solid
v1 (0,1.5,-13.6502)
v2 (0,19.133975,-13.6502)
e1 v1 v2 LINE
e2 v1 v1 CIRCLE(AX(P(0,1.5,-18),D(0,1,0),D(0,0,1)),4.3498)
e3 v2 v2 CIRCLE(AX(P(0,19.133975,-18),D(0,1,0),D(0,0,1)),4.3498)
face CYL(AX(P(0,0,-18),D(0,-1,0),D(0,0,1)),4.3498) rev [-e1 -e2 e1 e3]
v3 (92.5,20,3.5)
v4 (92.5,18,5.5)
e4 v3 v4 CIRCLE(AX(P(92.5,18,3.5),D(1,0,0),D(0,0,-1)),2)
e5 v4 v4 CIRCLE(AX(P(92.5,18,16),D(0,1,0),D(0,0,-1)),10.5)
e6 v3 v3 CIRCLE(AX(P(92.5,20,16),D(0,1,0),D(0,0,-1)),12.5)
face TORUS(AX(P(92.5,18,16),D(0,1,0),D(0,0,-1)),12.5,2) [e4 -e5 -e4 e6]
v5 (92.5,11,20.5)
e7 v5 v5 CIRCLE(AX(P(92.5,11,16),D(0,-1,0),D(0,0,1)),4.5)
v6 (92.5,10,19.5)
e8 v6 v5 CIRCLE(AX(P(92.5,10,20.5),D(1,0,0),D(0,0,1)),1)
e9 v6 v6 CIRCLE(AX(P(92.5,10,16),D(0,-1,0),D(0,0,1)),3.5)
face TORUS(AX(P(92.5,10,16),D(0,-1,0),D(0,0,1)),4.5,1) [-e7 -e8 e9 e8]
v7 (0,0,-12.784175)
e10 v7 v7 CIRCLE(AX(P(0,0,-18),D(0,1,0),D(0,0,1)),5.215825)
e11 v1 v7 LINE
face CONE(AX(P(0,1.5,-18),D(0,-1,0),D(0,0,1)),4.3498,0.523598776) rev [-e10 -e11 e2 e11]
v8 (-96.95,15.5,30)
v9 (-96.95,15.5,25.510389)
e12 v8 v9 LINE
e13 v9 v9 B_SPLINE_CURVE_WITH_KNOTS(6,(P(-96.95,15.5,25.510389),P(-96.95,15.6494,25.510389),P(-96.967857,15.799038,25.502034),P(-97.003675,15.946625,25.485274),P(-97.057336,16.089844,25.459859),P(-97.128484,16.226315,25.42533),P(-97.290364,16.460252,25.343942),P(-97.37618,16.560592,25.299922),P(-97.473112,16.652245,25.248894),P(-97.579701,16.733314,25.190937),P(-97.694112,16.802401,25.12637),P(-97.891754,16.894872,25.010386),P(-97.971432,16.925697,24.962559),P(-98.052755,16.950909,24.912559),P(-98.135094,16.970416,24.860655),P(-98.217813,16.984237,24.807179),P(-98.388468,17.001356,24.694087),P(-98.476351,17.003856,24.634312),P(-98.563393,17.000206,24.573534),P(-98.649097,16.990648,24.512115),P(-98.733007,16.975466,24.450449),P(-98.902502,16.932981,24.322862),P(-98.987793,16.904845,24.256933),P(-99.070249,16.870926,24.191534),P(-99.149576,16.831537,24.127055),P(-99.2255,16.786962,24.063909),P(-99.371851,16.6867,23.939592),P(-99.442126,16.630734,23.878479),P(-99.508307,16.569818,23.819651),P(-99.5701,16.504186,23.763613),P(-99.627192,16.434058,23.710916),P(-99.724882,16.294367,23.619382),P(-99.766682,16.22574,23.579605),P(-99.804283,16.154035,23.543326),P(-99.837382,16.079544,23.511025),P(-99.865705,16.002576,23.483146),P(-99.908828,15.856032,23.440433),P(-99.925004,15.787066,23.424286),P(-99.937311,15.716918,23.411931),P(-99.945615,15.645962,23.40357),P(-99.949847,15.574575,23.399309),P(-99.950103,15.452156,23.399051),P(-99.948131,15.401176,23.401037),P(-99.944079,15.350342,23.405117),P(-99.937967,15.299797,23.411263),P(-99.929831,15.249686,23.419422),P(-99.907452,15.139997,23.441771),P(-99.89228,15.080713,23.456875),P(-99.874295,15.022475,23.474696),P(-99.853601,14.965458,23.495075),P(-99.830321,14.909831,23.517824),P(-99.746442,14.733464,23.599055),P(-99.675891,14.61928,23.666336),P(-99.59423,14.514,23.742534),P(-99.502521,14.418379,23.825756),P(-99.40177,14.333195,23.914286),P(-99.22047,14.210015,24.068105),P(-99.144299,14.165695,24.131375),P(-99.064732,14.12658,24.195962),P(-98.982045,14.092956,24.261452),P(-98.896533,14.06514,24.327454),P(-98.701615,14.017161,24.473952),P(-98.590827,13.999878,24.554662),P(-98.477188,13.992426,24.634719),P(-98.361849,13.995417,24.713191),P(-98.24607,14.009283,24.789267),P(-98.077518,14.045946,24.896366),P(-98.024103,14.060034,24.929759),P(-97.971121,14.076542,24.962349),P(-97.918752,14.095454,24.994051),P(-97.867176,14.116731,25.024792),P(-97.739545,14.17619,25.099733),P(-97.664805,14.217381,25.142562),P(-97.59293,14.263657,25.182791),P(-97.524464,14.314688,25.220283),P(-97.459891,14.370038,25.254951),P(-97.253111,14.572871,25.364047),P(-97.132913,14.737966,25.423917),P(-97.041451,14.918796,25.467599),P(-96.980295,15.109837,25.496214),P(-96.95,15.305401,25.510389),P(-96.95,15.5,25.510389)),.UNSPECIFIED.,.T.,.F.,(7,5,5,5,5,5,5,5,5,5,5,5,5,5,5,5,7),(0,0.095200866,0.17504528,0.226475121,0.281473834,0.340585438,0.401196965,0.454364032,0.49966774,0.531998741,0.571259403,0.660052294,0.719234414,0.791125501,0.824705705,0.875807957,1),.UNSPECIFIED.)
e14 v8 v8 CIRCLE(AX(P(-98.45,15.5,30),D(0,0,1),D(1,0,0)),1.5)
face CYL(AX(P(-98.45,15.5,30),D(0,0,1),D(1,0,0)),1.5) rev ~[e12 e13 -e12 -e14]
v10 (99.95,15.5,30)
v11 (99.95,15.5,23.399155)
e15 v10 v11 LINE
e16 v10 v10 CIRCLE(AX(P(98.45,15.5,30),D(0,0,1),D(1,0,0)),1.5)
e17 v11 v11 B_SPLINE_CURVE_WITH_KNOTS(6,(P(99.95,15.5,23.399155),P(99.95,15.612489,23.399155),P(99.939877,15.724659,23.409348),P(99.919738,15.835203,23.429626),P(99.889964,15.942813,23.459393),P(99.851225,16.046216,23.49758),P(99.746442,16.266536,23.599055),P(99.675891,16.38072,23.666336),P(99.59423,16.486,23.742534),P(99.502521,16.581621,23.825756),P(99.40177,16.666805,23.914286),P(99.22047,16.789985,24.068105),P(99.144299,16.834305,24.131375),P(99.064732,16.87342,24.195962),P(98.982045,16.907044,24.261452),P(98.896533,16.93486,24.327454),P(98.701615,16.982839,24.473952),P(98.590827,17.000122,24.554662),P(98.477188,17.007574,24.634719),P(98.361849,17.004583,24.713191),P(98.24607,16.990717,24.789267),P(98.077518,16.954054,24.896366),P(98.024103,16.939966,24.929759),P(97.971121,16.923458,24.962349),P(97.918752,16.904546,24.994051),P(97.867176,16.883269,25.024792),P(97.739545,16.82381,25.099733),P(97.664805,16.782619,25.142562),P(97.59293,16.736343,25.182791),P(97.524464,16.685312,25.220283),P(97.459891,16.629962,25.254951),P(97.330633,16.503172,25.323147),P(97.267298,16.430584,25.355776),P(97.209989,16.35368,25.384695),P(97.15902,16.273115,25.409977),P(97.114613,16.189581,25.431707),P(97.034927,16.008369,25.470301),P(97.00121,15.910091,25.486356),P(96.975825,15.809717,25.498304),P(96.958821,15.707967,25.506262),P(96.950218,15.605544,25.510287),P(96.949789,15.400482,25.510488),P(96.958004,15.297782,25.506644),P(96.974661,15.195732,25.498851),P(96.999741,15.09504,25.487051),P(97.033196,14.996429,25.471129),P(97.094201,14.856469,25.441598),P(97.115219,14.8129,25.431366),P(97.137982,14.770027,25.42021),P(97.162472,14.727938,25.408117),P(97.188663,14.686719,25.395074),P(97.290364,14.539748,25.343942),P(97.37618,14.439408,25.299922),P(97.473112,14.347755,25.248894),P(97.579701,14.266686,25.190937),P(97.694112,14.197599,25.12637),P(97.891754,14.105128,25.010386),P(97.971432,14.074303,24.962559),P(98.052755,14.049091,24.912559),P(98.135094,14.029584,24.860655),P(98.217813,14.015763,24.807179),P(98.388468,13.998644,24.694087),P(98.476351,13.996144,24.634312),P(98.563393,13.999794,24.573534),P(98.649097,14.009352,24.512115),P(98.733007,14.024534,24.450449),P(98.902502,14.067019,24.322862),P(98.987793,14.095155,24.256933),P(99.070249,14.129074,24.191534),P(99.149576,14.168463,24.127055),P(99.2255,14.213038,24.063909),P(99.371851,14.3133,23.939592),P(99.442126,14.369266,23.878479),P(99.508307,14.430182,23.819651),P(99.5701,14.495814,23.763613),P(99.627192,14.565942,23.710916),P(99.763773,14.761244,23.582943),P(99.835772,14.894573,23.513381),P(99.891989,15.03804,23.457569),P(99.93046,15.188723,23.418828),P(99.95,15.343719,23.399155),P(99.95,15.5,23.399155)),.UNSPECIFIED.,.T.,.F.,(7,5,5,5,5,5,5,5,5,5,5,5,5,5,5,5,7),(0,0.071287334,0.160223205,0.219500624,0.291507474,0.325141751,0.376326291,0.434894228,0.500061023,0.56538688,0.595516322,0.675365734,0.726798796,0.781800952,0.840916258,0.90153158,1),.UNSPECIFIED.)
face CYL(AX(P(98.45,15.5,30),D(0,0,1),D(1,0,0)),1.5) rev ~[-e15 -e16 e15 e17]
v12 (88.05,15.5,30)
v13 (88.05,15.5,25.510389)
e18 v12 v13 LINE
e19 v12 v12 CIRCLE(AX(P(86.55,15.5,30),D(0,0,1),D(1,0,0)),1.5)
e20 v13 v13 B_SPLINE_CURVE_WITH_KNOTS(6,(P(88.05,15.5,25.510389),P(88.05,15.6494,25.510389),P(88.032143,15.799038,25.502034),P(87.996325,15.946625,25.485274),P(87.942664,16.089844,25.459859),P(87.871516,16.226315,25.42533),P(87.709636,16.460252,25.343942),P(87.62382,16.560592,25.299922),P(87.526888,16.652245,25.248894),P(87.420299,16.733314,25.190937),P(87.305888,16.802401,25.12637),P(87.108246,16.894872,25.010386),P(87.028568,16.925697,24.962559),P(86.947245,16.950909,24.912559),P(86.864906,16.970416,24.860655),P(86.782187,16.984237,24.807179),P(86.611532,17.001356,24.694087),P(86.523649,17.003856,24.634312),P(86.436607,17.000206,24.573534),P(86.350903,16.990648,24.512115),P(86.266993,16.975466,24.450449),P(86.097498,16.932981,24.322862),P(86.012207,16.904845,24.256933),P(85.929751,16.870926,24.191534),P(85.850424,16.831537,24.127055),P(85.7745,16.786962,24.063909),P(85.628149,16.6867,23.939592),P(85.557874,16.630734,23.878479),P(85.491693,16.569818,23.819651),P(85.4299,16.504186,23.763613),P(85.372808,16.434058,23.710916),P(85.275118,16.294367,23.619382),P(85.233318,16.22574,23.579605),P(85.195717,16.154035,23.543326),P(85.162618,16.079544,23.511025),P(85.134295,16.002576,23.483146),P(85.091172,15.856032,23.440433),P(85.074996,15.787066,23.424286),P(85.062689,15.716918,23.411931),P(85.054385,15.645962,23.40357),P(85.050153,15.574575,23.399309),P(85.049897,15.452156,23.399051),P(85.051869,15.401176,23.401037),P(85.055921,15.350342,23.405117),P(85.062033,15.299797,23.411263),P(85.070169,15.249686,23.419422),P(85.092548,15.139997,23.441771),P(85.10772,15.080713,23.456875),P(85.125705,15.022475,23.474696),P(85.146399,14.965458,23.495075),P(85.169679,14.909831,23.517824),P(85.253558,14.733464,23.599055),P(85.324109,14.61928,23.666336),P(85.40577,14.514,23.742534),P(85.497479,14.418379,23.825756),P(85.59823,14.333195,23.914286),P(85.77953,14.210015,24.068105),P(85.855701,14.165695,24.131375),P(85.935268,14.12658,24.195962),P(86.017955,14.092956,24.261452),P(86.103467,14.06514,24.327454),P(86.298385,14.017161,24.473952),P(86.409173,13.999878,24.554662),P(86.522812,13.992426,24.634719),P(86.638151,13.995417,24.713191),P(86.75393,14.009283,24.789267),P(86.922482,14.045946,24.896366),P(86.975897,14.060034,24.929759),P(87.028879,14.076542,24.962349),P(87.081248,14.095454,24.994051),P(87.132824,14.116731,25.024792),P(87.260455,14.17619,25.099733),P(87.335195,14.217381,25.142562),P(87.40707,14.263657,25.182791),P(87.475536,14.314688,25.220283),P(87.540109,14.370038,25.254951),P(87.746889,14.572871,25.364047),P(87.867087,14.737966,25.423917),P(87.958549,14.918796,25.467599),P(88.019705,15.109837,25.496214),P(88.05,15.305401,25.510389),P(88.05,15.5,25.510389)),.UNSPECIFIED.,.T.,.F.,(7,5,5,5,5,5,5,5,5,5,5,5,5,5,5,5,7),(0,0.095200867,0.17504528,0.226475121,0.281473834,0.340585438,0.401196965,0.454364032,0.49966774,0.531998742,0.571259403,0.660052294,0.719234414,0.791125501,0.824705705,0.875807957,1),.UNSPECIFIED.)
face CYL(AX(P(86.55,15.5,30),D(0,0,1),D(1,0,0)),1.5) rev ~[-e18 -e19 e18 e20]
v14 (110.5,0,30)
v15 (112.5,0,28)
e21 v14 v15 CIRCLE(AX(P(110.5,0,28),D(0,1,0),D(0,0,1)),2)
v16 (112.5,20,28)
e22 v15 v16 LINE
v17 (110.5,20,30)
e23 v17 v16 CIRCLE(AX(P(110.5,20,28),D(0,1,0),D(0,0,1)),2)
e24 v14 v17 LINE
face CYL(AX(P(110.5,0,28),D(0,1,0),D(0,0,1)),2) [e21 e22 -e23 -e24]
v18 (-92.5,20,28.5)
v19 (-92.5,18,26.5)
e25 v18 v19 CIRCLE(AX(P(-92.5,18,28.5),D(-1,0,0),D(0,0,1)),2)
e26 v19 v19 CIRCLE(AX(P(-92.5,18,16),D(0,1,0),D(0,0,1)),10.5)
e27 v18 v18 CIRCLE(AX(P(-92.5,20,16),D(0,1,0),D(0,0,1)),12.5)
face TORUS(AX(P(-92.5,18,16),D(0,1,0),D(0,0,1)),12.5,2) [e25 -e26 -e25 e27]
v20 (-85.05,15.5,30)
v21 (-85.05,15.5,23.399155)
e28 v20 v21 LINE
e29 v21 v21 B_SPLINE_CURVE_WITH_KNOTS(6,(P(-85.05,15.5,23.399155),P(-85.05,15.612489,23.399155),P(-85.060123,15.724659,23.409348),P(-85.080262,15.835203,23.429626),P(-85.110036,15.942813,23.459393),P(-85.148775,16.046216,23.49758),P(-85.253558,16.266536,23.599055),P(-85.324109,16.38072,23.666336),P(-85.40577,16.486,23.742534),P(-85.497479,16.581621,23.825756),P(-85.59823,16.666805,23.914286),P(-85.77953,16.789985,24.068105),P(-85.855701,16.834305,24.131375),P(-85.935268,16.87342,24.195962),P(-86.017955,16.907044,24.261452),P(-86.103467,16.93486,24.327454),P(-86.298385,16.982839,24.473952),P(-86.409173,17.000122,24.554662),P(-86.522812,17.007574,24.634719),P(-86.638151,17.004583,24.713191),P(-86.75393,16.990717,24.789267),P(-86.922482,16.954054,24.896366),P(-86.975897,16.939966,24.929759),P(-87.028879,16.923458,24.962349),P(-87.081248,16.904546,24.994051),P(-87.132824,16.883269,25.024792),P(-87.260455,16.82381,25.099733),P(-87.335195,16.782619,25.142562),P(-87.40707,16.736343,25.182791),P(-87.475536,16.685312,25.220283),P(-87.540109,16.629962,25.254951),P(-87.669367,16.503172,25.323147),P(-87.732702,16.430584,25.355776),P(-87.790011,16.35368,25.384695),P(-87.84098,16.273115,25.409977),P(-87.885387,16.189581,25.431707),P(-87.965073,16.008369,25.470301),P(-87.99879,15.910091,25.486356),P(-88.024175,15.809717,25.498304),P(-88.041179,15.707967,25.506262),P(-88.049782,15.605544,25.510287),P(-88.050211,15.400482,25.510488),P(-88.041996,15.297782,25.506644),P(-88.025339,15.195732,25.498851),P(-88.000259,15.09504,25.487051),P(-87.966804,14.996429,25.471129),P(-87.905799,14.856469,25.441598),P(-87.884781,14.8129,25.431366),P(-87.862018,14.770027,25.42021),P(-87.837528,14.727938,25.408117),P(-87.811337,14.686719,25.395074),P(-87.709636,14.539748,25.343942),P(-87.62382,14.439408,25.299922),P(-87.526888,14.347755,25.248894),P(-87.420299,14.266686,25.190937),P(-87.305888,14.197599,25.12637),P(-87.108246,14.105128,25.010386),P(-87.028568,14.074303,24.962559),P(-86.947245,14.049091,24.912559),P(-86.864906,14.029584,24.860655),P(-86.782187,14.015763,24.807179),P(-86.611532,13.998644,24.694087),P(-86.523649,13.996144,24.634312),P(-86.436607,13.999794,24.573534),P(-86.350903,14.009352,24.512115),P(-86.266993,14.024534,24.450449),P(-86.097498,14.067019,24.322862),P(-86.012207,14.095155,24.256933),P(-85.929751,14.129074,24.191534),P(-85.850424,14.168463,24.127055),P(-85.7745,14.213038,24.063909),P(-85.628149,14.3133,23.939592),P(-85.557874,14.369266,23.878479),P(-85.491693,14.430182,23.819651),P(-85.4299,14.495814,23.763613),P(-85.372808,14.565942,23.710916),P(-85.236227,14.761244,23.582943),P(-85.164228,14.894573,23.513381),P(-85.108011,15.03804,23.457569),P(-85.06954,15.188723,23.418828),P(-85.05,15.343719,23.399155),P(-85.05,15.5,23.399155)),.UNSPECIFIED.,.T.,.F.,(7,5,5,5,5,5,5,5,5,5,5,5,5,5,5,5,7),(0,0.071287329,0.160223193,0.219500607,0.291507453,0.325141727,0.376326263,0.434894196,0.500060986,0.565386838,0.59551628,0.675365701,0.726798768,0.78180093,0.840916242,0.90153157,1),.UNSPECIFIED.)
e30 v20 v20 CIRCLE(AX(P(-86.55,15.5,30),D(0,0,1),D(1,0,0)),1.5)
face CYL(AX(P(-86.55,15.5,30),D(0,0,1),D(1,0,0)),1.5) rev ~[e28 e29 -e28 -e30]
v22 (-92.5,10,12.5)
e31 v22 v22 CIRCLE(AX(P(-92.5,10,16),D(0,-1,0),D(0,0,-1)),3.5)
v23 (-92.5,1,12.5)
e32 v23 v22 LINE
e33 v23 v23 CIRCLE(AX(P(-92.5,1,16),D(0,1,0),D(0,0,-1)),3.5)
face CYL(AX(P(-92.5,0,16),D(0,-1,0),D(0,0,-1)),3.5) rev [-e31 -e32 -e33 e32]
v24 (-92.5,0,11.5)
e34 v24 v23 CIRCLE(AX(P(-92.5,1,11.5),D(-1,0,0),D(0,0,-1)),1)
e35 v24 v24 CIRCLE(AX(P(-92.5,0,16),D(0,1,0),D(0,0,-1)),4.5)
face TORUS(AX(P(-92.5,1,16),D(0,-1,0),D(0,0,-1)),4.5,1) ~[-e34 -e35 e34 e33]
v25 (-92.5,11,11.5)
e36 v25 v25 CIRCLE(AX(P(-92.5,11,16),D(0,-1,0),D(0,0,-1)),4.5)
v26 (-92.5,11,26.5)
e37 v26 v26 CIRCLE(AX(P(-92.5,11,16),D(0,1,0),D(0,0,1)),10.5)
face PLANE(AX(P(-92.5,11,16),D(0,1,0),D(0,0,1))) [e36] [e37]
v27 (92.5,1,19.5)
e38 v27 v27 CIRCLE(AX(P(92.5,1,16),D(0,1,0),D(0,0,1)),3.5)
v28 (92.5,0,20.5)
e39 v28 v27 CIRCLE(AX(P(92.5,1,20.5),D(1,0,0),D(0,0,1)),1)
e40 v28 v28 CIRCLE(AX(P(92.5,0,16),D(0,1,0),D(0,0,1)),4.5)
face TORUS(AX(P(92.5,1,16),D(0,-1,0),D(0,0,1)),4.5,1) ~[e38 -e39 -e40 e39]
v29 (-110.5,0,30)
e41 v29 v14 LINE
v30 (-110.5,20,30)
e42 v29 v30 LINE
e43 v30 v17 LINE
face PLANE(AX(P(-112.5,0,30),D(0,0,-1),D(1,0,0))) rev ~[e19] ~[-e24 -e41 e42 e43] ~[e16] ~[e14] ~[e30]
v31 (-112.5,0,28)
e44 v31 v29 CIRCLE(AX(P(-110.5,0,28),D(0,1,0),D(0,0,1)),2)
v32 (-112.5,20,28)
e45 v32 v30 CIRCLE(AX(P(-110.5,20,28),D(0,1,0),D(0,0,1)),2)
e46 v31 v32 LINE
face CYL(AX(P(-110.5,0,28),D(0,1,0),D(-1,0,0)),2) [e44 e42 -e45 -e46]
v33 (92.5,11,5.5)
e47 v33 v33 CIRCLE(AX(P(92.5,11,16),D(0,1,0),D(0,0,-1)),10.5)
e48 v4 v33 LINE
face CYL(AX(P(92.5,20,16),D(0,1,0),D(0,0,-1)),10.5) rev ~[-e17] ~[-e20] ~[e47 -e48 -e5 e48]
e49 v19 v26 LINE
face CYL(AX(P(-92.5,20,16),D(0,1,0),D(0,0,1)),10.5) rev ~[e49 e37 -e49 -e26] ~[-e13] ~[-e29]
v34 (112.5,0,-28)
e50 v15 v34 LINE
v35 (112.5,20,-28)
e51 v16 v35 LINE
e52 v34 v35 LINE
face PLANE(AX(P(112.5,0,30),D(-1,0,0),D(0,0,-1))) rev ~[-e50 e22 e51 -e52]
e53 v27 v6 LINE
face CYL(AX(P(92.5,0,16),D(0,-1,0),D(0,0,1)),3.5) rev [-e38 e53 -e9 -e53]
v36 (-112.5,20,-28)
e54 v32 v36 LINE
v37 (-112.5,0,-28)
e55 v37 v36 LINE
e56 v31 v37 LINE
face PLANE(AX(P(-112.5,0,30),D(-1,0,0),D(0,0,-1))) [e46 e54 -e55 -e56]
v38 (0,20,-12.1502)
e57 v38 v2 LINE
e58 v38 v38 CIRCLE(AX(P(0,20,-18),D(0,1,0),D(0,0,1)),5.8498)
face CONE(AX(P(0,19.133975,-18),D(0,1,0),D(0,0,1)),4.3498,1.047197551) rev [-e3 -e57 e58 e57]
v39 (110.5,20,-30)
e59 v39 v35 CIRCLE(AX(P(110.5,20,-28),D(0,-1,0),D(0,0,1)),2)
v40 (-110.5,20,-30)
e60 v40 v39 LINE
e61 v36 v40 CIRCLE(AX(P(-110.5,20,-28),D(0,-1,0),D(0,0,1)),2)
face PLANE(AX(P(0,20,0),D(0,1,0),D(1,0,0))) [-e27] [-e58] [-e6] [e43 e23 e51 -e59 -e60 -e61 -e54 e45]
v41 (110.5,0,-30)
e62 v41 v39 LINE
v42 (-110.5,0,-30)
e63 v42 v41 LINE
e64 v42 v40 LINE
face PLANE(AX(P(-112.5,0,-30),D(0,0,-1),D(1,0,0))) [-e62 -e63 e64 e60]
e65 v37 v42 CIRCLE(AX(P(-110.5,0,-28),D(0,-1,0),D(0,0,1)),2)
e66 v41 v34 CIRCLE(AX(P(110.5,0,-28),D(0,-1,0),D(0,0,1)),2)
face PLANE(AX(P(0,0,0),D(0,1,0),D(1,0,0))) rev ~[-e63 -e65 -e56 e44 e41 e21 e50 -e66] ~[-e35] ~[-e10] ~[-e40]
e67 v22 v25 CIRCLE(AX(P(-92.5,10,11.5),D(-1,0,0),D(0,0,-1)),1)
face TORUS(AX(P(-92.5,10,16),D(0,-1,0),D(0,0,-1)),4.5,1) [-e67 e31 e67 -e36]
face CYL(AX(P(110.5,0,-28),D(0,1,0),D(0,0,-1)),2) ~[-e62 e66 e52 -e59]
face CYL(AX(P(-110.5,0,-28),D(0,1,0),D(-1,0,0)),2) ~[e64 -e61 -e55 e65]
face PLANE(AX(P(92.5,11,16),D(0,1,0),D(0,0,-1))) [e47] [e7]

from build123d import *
from OCP.BRepFilletAPI import BRepFilletAPI_MakeChamfer

# Parameters (mm, degrees)
SKETCH1_W           = 225
SKETCH1_H           = 60
SKETCH1_R           = 3.5
SKETCH1_R_2         = 4.3498
BOSS_EXTRUDE1_DEPTH = 20
SKETCH2_R           = 10.5
CUT_EXTRUDE1_DEPTH  = 9
CUT_EXTRUDE2_REACH  = 131.059
SKETCH3_R           = 1.5
FILLET1_R           = 2
FILLET2_R           = 1
CHAMFER1_SIZE       = 1.5
CHAMFER1_SIZE2      = 0.866025404


with BuildPart() as part:
    # Sketch1 → Boss-Extrude1 (new body)
    with BuildSketch(Plane(origin=(0, 0, 0), x_dir=(1, 0, 0), z_dir=(0, 1, 0))):
        Rectangle(SKETCH1_W, SKETCH1_H)
        with Locations(Location((92.5, -16, 0), (0, 0, 270))):
            Circle(SKETCH1_R, mode=Mode.SUBTRACT)
        with Locations(Location((-92.5, -16, 0), (0, 0, 90))):
            Circle(SKETCH1_R, mode=Mode.SUBTRACT)
        with Locations(Location((0, 18, 0), (0, 0, 270))):
            Circle(SKETCH1_R_2, mode=Mode.SUBTRACT)
    extrude(amount=BOSS_EXTRUDE1_DEPTH)

    # Sketch2 → Cut-Extrude1 (cut)
    with BuildSketch(Plane(origin=(0, 20, 0), x_dir=(1, 0, 0), z_dir=(0, 1, 0))):
        with Locations(Location((-92.5, -16, 0), (0, 0, 270))):
            Circle(SKETCH2_R)
        with Locations(Location((92.5, -16, 0), (0, 0, 90))):
            Circle(SKETCH2_R)
    extrude(amount=-CUT_EXTRUDE1_DEPTH, mode=Mode.SUBTRACT)

    # Sketch3 → Cut-Extrude2 (cut, up to next)
    with BuildSketch(Plane.XY.offset(30), mode=Mode.PRIVATE) as cut_extrude2_sk1:
        with Locations((-98.45, 15.5)):
            Circle(SKETCH3_R)
    cut_extrude2_tool1 = extrude(cut_extrude2_sk1.sketch, amount=-CUT_EXTRUDE2_REACH, mode=Mode.PRIVATE) & part.part
    # Sketch3 → Cut-Extrude2 (cut, up to next)
    with BuildSketch(Plane.XY.offset(30), mode=Mode.PRIVATE) as cut_extrude2_sk2:
        with Locations((-86.55, 15.5)):
            Circle(SKETCH3_R)
    cut_extrude2_tool2 = extrude(cut_extrude2_sk2.sketch, amount=-CUT_EXTRUDE2_REACH, mode=Mode.PRIVATE) & part.part
    # Sketch3 → Cut-Extrude2 (cut, up to next)
    with BuildSketch(Plane.XY.offset(30), mode=Mode.PRIVATE) as cut_extrude2_sk3:
        with Locations((98.45, 15.5)):
            Circle(SKETCH3_R)
    cut_extrude2_tool3 = extrude(cut_extrude2_sk3.sketch, amount=-CUT_EXTRUDE2_REACH, mode=Mode.PRIVATE) & part.part
    # Sketch3 → Cut-Extrude2 (cut, up to next)
    with BuildSketch(Plane.XY.offset(30), mode=Mode.PRIVATE) as cut_extrude2_sk4:
        with Locations((86.55, 15.5)):
            Circle(SKETCH3_R)
    cut_extrude2_tool4 = extrude(cut_extrude2_sk4.sketch, amount=-CUT_EXTRUDE2_REACH, mode=Mode.PRIVATE) & part.part
    add(cut_extrude2_tool1.solids().sort_by_distance((-98.45, 15.5, 30))[0], mode=Mode.SUBTRACT)
    add(cut_extrude2_tool2.solids().sort_by_distance((-86.55, 15.5, 30))[0], mode=Mode.SUBTRACT)
    add(cut_extrude2_tool3.solids().sort_by_distance((98.45, 15.5, 30))[0], mode=Mode.SUBTRACT)
    add(cut_extrude2_tool4.solids().sort_by_distance((86.55, 15.5, 30))[0], mode=Mode.SUBTRACT)

    # Fillet1
    fillet1_edges = [part.edges().sort_by_distance(p)[0] for p in [
        (-92.5, 20, 5.5),
        (92.5, 20, 26.5),
        (112.5, 10, 30),
        (-112.5, 10, 30),
        (-112.5, 10, -30),
        (112.5, 10, -30),
    ]]
    fillet(fillet1_edges, radius=FILLET1_R)

    # Fillet2
    fillet2_edges = [part.edges().sort_by_distance(p)[0] for p in [
        (92.5, 0, 12.5),
        (-92.5, 0, 19.5),
        (-92.5, 11, 19.5),
        (92.5, 11, 12.5),
    ]]
    fillet(fillet2_edges, radius=FILLET2_R)

    # Chamfer1: one chamfer whose edges measure the first distance from different faces: ONE call of the kernel's chamfer builder (chamfer() names one face for all edges)
    chamfer1_edges_1 = [part.edges().sort_by_distance(p)[0] for p in [
        (0, 0, -22.3498),
    ]]
    chamfer1_side_1 = [part.faces().sort_by_distance(p)[0] for p in [
        (0, 10, -22.3498),
    ]]
    chamfer1_edges_2 = [part.edges().sort_by_distance(p)[0] for p in [
        (0, 20, -22.3498),
    ]]
    chamfer1_side_2 = [part.faces().sort_by_distance(p)[0] for p in [
        (0, 20, -1.175236935),
    ]]
    chamfer1 = BRepFilletAPI_MakeChamfer(part.part.solid().wrapped)
    for e in chamfer1_edges_1:
        chamfer1.Add(CHAMFER1_SIZE, CHAMFER1_SIZE2, e.wrapped, chamfer1_side_1[0].wrapped)  # the first distance lies on this face
    for e in chamfer1_edges_2:
        chamfer1.Add(CHAMFER1_SIZE, CHAMFER1_SIZE2, e.wrapped, chamfer1_side_2[0].wrapped)  # the first distance lies on this face
    add(Compound.cast(chamfer1.Shape()), mode=Mode.REPLACE)


solid = part.part
